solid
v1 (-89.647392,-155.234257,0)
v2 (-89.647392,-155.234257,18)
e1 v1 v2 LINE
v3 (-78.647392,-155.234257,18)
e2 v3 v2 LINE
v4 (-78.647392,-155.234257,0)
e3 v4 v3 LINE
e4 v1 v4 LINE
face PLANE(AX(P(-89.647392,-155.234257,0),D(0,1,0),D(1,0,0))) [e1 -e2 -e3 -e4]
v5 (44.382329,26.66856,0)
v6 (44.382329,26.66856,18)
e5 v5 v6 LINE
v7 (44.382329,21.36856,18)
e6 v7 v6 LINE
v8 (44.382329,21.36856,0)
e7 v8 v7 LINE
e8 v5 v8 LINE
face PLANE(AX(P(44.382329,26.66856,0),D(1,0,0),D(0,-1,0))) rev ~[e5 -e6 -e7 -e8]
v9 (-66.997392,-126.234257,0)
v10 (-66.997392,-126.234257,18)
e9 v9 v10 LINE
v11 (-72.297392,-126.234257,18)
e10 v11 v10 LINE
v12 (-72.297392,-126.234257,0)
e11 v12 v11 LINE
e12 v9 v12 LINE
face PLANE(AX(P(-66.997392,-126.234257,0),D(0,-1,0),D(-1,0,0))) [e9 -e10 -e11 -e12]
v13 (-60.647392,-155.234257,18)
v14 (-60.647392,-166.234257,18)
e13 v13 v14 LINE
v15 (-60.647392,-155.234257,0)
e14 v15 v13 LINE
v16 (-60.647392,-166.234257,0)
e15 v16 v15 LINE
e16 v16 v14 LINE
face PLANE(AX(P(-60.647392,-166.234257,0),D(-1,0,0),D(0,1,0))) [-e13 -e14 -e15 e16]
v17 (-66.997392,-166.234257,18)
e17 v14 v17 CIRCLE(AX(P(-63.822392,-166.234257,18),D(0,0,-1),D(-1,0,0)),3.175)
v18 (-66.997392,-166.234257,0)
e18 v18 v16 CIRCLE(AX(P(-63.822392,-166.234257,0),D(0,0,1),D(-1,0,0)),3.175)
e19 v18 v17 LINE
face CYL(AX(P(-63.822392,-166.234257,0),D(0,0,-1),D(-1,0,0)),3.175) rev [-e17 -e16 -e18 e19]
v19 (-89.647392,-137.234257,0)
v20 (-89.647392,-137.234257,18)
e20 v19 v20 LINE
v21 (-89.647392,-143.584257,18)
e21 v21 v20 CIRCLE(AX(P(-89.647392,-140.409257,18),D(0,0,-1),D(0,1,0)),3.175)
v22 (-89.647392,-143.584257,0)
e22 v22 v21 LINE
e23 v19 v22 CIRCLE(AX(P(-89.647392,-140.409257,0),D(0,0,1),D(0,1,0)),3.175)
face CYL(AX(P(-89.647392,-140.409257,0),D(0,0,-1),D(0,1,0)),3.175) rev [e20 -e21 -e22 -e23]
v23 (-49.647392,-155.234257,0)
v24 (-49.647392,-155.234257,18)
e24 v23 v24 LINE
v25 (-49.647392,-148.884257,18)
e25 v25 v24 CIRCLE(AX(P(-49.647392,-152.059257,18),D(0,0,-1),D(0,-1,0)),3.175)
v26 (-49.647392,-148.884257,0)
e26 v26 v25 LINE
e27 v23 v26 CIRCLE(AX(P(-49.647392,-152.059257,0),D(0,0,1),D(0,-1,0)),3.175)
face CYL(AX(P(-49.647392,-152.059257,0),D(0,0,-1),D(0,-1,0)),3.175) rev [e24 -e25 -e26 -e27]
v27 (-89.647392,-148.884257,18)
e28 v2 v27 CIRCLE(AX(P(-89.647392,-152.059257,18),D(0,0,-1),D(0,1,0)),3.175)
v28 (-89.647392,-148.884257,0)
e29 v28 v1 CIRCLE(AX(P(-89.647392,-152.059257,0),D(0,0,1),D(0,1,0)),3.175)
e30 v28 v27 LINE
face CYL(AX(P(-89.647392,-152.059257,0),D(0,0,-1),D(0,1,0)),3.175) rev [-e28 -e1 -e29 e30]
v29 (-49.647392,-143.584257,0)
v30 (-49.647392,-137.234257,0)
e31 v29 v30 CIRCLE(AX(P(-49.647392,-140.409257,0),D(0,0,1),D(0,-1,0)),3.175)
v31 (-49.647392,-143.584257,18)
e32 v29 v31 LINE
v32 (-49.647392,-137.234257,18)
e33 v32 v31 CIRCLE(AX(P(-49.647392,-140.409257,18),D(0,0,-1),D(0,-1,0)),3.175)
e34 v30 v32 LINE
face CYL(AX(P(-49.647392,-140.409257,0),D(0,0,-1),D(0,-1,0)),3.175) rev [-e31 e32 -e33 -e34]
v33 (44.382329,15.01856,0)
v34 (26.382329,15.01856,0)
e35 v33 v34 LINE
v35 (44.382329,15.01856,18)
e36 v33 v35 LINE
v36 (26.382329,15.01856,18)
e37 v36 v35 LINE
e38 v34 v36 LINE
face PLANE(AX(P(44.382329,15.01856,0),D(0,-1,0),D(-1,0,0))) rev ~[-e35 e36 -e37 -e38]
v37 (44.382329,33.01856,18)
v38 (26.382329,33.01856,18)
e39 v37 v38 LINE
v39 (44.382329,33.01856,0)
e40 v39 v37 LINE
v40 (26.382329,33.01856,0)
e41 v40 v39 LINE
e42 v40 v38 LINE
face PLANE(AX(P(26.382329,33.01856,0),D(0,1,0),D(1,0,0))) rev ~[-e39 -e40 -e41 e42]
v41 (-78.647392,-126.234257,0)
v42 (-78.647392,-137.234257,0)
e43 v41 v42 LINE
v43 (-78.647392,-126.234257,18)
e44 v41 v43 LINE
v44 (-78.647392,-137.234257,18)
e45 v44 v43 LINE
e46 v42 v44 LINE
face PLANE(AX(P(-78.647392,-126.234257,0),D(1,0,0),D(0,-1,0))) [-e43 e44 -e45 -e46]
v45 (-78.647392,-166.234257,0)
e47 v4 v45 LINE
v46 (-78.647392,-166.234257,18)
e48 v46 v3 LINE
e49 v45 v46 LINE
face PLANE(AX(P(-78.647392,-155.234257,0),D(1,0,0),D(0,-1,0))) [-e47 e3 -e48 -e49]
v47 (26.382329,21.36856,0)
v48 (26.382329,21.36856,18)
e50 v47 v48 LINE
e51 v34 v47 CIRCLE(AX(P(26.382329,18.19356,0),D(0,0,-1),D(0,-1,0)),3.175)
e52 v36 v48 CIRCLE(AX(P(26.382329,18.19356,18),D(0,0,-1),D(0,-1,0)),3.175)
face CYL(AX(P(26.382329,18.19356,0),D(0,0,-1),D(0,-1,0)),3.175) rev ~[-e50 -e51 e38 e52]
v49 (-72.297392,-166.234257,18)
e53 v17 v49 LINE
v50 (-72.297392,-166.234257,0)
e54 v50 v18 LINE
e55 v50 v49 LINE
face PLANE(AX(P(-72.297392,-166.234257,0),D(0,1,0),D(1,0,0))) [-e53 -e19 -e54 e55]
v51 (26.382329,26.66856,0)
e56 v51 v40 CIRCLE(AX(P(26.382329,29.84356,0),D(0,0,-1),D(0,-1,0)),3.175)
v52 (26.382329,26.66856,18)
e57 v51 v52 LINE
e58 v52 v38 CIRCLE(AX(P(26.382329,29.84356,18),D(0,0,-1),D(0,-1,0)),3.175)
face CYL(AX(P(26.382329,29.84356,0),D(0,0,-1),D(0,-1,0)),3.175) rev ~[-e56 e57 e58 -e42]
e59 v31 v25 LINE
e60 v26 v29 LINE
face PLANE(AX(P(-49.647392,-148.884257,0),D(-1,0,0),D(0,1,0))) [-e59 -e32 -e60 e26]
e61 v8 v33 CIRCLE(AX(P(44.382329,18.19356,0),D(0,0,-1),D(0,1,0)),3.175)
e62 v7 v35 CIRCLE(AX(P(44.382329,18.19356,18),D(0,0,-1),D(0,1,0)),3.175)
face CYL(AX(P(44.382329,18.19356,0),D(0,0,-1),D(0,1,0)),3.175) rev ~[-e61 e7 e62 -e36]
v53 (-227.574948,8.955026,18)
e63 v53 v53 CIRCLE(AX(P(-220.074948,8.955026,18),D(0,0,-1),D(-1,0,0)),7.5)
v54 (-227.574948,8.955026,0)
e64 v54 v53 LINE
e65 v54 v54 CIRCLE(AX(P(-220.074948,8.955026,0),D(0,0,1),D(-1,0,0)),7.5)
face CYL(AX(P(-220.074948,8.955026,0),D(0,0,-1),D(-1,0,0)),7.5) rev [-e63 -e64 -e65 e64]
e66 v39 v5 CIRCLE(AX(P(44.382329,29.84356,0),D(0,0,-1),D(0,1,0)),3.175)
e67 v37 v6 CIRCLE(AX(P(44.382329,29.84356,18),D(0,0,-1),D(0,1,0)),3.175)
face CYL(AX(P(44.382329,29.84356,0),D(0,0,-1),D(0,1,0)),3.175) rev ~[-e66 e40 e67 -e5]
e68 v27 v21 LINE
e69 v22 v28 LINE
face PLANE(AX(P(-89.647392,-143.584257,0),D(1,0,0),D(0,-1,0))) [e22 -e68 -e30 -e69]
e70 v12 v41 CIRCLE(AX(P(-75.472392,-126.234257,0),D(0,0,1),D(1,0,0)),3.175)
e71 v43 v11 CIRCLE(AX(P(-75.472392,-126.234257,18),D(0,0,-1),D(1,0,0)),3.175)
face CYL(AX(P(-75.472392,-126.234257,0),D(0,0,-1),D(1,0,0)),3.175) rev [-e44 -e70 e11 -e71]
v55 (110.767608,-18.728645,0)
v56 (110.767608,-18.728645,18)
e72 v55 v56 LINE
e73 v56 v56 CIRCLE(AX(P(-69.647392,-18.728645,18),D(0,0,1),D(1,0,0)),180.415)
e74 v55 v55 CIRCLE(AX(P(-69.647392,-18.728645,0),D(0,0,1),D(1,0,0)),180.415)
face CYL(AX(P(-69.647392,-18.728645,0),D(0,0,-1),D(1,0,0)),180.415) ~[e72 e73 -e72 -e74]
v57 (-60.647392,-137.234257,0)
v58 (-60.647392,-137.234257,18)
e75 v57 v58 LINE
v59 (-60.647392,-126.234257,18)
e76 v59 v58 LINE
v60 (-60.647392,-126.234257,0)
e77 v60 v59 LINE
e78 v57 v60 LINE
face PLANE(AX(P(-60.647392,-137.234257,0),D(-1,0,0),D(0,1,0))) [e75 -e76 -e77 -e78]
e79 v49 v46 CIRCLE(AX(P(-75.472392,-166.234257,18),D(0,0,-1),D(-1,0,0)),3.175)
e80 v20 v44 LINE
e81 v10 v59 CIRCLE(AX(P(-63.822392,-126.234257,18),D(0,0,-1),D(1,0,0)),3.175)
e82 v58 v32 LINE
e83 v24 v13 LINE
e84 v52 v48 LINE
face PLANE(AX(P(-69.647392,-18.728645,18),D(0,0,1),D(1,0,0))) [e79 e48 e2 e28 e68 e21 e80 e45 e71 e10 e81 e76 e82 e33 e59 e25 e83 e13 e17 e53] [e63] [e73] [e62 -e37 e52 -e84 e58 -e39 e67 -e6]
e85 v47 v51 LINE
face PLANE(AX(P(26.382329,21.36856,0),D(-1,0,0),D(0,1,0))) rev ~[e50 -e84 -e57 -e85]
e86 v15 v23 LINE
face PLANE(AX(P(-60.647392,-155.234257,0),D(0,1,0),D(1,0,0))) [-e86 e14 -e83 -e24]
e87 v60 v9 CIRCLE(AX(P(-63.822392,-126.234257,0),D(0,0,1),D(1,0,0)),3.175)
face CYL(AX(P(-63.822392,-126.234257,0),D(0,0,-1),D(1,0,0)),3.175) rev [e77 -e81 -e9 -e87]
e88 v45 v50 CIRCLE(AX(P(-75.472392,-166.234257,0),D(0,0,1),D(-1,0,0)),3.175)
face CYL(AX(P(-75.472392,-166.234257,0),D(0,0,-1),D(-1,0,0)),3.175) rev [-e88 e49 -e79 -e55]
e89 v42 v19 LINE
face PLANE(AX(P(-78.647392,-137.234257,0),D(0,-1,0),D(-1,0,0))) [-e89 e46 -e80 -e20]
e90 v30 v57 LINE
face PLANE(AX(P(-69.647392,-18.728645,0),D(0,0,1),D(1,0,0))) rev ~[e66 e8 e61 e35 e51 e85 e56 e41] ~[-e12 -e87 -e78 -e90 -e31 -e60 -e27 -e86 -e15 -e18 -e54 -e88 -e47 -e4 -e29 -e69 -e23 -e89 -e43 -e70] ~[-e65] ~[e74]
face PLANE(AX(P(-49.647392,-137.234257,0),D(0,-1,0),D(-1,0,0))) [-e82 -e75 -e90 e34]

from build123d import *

# Parameters (mm, degrees)
SCHIZZO1_R                   = 180.415
ESTRUSIONE_ESTRUSIONE1_DEPTH = 18
TAGLIO_ESTRUSIONE1_DEPTH     = 48
SCHIZZO1_18_R                = 7.5
TAGLIO_ESTRUSIONE2_DEPTH     = 80
TAGLIO_ESTRUSIONE3_DEPTH     = 135


with BuildPart() as part:
    # Schizzo1 → Estrusione-Estrusione1 (new body)
    with BuildSketch(Plane.XY):
        with Locations((-69.647392192, -18.728644796)):
            Circle(SCHIZZO1_R)
    extrude(amount=ESTRUSIONE_ESTRUSIONE1_DEPTH)

    # Schizzo1<17> → Taglio-Estrusione1 (cut)
    with BuildSketch(Plane.XY):
        with BuildLine():
            Line((44.382329363, 15.018559966), (26.382329363, 15.018559966))
            ThreePointArc((26.382329363, 15.018559966), (23.207329363, 18.193559966), (26.382329363, 21.368559966))
            Line((26.382329363, 21.368559966), (26.382329363, 26.668559966))
            ThreePointArc((26.382329363, 26.668559966), (23.207329363, 29.843559966), (26.382329363, 33.018559966))
            Line((26.382329363, 33.018559966), (44.382329363, 33.018559966))
            ThreePointArc((44.382329363, 33.018559966), (47.557329363, 29.843559966), (44.382329363, 26.668559966))
            Line((44.382329363, 26.668559966), (44.382329363, 21.368559966))
            ThreePointArc((44.382329363, 21.368559966), (47.557329363, 18.193559966), (44.382329363, 15.018559966))
        make_face()
    extrude(amount=TAGLIO_ESTRUSIONE1_DEPTH, mode=Mode.SUBTRACT)

    # Schizzo1<18> → Taglio-Estrusione2 (cut)
    with BuildSketch(Plane.XY):
        with Locations((-220.074947502, 8.955026171)):
            Circle(SCHIZZO1_18_R)
    extrude(amount=TAGLIO_ESTRUSIONE2_DEPTH, mode=Mode.SUBTRACT)

    # Schizzo1<19> → Taglio-Estrusione3 (cut)
    with BuildSketch(Plane.XY):
        with BuildLine():
            Line((-66.997392192, -126.234256826), (-72.297392192, -126.234256826))
            ThreePointArc((-72.297392192, -126.234256826), (-75.472392192, -123.059256826), (-78.647392192, -126.234256826))
            Line((-78.647392192, -126.234256826), (-78.647392192, -137.234256826))
            Line((-78.647392192, -137.234256826), (-89.647392192, -137.234256826))
            ThreePointArc((-89.647392192, -137.234256826), (-92.822392192, -140.409256826), (-89.647392192, -143.584256826))
            Line((-89.647392192, -143.584256826), (-89.647392192, -148.884256826))
            ThreePointArc((-89.647392192, -148.884256826), (-92.822392192, -152.059256826), (-89.647392192, -155.234256826))
            Line((-89.647392192, -155.234256826), (-78.647392192, -155.234256826))
            Line((-78.647392192, -155.234256826), (-78.647392192, -166.234256826))
            ThreePointArc((-78.647392192, -166.234256826), (-75.472392192, -169.409256826), (-72.297392192, -166.234256826))
            Line((-72.297392192, -166.234256826), (-66.997392192, -166.234256826))
            ThreePointArc((-66.997392192, -166.234256826), (-63.822392192, -169.409256826), (-60.647392192, -166.234256826))
            Line((-60.647392192, -166.234256826), (-60.647392192, -155.234256826))
            Line((-60.647392192, -155.234256826), (-49.647392192, -155.234256826))
            ThreePointArc((-49.647392192, -155.234256826), (-46.472392192, -152.059256826), (-49.647392192, -148.884256826))
            Line((-49.647392192, -148.884256826), (-49.647392192, -143.584256826))
            ThreePointArc((-49.647392192, -143.584256826), (-46.472392192, -140.409256826), (-49.647392192, -137.234256826))
            Line((-49.647392192, -137.234256826), (-60.647392192, -137.234256826))
            Line((-60.647392192, -137.234256826), (-60.647392192, -126.234256826))
            ThreePointArc((-60.647392192, -126.234256826), (-63.822392192, -123.059256826), (-66.997392192, -126.234256826))
        make_face()
    extrude(amount=TAGLIO_ESTRUSIONE3_DEPTH, mode=Mode.SUBTRACT)


solid = part.part
